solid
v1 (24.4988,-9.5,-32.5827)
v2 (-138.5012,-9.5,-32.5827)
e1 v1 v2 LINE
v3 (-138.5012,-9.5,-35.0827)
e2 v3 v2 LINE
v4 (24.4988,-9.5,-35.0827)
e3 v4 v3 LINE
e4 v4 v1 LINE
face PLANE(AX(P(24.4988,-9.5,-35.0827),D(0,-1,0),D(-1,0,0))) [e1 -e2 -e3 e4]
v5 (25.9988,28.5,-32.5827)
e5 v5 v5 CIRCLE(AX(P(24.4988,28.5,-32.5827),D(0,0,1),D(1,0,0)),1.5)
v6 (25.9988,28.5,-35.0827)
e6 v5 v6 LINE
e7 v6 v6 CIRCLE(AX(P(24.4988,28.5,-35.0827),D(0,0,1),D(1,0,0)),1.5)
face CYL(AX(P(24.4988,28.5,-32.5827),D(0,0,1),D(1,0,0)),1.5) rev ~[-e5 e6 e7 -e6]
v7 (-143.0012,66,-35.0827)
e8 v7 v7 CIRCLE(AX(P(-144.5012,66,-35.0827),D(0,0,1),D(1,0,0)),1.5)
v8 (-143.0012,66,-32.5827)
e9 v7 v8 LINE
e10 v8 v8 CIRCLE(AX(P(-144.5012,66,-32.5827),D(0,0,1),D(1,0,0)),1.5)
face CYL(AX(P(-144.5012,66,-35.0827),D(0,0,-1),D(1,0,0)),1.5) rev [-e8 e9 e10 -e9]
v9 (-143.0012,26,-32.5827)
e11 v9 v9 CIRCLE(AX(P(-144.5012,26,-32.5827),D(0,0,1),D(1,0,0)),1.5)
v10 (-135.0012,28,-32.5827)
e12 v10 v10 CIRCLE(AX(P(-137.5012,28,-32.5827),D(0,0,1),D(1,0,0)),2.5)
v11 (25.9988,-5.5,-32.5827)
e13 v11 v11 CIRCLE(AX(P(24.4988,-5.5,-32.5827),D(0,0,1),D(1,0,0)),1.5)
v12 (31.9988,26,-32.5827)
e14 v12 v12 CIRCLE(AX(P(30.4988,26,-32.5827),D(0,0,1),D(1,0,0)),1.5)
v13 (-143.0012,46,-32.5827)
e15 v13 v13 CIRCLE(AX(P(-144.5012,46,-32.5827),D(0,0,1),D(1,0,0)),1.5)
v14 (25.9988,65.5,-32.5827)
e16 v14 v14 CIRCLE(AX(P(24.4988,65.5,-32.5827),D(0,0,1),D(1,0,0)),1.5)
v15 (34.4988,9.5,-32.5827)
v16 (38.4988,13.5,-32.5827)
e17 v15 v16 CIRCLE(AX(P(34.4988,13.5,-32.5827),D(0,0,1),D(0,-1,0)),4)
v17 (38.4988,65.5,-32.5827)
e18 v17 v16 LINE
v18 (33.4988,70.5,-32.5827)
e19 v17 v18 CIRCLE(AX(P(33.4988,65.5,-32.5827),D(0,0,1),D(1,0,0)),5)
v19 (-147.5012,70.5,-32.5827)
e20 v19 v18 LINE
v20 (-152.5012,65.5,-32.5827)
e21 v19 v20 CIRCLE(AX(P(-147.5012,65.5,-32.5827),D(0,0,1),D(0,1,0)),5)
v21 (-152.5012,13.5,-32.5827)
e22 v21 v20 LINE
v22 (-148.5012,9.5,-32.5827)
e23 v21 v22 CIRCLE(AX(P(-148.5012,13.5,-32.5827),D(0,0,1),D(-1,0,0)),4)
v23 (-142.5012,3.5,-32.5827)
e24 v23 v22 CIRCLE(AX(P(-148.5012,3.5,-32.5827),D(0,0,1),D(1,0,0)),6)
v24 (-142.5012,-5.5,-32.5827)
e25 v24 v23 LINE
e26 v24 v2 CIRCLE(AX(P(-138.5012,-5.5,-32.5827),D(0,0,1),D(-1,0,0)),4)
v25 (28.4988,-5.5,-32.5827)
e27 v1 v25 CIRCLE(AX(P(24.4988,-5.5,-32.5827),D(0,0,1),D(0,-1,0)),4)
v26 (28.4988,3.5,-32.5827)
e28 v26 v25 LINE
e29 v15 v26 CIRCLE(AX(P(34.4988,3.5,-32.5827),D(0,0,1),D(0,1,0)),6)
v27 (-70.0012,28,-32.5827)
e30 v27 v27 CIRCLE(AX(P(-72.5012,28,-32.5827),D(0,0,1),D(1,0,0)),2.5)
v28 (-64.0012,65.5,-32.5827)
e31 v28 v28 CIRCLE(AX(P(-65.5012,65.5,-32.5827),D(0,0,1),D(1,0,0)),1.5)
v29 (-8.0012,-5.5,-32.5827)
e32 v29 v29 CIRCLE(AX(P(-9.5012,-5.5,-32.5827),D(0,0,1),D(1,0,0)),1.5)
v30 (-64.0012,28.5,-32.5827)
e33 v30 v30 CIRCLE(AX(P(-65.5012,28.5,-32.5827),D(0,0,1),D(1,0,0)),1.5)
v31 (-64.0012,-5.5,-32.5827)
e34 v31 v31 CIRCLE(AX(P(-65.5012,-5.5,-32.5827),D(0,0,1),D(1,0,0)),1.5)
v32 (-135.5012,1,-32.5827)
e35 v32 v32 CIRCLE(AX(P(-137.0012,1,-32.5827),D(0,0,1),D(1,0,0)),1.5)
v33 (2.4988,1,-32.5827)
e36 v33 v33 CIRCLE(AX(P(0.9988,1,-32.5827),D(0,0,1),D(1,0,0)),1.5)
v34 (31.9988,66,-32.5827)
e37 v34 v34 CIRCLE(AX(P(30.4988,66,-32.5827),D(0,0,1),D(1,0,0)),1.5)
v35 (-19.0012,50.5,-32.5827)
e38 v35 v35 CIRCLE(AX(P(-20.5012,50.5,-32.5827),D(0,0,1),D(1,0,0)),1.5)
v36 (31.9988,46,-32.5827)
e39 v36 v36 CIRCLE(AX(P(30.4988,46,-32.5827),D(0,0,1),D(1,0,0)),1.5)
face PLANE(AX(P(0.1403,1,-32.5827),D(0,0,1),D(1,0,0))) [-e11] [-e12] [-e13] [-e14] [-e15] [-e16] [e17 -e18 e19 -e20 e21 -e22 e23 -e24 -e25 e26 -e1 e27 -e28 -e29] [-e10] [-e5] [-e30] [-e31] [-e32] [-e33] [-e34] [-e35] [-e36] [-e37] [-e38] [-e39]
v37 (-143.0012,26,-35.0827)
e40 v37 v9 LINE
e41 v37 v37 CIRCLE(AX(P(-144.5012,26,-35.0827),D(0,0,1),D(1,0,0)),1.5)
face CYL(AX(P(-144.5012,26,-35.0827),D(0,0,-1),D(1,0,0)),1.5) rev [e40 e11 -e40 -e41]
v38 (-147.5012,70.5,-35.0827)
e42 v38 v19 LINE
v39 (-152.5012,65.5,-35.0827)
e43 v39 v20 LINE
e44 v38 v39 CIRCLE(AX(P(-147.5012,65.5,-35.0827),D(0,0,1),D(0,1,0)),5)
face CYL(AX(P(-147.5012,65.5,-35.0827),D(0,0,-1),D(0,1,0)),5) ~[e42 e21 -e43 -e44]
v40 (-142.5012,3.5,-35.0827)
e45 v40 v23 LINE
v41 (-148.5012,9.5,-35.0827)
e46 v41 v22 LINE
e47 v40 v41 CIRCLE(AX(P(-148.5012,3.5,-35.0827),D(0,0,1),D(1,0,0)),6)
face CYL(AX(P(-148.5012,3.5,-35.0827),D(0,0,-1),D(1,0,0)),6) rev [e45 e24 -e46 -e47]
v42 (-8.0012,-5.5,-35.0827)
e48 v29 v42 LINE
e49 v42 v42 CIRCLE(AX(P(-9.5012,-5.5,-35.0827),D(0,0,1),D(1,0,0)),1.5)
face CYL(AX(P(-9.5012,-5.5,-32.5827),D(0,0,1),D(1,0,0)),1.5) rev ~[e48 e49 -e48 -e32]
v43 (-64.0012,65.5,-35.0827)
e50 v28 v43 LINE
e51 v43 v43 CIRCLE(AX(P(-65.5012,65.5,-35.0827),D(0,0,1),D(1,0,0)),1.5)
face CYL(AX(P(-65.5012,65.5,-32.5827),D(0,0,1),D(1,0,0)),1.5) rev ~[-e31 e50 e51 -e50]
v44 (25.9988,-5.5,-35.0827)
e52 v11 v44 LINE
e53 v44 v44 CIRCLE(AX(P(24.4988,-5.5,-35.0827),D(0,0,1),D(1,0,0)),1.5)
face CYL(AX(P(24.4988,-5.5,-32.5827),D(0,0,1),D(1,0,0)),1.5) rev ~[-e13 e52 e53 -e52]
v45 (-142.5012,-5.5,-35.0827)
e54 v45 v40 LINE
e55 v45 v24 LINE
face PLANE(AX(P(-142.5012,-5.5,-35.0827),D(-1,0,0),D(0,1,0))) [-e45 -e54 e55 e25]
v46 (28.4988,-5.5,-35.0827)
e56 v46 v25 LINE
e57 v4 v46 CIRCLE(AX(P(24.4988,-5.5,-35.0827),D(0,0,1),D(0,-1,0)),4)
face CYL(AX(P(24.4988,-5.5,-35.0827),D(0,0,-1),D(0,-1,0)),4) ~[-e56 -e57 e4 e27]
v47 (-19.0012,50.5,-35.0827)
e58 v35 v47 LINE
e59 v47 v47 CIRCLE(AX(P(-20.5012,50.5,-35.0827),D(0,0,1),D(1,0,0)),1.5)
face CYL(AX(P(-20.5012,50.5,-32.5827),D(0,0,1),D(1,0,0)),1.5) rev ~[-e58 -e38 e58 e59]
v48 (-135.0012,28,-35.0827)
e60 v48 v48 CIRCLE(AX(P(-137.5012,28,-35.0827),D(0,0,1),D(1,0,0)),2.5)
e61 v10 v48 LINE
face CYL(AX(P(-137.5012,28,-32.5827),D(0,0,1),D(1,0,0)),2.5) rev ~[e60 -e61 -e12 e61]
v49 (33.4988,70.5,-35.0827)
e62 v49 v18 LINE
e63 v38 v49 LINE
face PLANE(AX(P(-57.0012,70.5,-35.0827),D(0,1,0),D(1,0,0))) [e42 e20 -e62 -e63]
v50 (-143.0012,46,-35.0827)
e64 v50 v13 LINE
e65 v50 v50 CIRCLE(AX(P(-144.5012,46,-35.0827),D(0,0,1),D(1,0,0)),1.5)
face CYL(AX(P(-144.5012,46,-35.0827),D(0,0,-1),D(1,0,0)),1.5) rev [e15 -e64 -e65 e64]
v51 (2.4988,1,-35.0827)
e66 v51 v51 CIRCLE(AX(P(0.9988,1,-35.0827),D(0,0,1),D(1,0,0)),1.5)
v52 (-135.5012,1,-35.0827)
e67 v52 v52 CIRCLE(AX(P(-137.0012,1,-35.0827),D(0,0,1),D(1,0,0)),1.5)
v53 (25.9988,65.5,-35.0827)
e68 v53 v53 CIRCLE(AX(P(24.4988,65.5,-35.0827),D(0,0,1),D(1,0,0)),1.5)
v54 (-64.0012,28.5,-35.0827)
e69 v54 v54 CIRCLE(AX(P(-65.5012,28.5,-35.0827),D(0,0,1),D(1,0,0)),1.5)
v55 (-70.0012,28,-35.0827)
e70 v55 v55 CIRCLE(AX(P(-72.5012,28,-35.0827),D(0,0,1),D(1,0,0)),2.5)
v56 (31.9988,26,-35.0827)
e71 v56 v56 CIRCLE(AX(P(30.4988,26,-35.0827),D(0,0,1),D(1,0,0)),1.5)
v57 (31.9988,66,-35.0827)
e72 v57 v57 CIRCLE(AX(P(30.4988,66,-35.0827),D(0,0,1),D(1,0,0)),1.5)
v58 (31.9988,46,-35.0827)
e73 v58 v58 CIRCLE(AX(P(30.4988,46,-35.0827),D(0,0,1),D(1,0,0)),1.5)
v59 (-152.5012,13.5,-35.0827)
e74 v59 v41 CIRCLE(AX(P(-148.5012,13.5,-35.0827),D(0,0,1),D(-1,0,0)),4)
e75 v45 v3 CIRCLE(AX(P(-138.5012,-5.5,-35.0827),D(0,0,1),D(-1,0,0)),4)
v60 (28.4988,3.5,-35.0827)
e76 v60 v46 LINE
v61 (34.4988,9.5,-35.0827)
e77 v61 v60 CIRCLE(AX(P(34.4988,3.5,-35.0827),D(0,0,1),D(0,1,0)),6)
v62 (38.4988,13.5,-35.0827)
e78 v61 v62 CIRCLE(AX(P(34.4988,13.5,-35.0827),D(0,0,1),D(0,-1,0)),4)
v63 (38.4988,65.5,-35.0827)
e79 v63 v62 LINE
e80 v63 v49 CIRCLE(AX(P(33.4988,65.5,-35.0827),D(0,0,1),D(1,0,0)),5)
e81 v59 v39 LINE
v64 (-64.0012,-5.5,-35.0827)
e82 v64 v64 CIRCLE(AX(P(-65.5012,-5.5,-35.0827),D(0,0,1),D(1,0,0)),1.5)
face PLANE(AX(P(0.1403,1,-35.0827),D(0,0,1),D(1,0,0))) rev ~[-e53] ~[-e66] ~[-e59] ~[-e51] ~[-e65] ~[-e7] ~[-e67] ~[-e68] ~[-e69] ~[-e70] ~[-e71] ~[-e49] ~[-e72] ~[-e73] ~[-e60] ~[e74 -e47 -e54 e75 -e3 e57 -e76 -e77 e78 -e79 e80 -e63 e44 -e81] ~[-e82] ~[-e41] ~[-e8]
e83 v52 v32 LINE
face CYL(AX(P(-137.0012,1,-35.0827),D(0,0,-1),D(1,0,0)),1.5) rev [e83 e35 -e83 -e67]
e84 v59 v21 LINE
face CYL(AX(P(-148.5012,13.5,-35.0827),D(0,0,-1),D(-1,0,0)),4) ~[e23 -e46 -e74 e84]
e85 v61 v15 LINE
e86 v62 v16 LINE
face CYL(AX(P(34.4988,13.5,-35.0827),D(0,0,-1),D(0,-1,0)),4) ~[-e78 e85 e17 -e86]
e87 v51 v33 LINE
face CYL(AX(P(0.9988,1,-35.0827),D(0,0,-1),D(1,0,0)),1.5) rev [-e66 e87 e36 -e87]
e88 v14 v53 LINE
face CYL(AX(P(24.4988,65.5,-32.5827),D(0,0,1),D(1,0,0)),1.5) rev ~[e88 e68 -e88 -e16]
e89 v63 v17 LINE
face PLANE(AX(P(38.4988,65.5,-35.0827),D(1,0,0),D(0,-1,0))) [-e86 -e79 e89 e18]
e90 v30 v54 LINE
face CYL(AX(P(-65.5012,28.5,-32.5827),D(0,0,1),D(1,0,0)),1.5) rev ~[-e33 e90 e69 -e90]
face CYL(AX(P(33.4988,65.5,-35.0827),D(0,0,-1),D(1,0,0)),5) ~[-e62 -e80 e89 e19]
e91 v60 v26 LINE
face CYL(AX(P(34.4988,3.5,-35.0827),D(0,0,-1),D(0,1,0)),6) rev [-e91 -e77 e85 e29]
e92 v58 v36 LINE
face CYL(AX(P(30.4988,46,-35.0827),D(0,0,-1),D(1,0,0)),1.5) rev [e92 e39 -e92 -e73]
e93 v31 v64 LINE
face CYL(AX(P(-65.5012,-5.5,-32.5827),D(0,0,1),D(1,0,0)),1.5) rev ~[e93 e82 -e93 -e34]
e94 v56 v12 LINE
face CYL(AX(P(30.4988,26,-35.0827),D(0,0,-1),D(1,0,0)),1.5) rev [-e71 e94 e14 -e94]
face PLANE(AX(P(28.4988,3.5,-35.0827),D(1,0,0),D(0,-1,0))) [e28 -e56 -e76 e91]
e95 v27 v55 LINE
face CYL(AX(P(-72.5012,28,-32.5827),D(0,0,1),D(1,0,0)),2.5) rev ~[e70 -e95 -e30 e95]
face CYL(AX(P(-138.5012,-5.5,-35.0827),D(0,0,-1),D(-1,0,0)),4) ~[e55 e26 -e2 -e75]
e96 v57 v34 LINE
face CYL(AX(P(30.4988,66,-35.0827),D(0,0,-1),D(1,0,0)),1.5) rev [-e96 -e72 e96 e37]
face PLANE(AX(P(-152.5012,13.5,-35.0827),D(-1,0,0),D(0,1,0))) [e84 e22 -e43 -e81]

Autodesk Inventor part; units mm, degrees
ref_plane "YZ Plane" through (0, 0, 0) normal (1, 0, 0) x (0, 1, 0)
ref_plane "XZ Plane" through (0, 0, 0) normal (0, 1, 0) x (-1, 0, 0)
ref_plane "XY Plane" through (0, 0, 0) normal (0, 0, 1) x (1, 0, 0)
ref_plane "Work Plane1" through (0, 0, 2.5) normal (0, 0, 1) x (1, 0, 0)
ref_plane "Work Plane2" through (0.1403, 1, -35.0827) normal (0, 0, 1) x (1, 0, 0)
sketch "Sketch3" plane through (0.1403, 1, -35.0827) normal (0, 0, 1) x (1, 0, 0)
  circle A0 centre (30.3585, 25) radius 1.5 projected
  circle A1 centre (30.3585, 45) radius 1.5 projected
  circle A2 centre (22.8585, 0) radius 1.5 projected
  circle A3 centre (-144.6415, 25) radius 1.5 projected
  circle A4 centre (-137.1415, 0) radius 1.5 projected
  circle A5 centre (-144.6415, 45) radius 1.5 projected
  circle A6 centre (-137.1415, 90) radius 1.5 projected
  circle A7 centre (-144.6415, 65) radius 1.5 projected
  circle A8 centre (0.8585, 0) radius 1.5 projected
  circle A9 centre (30.3585, 65) radius 1.5 projected
  circle A10 centre (22.8585, 90) radius 1.5 projected
  arc A11 (-148.6415, 82.5) -> (-153.6415, 77.5) centre (-148.6415, 77.5) ccw projected
  line L0 (-153.6415, 77.5) -> (-153.6415, 12.5) projected
  arc A12 (-153.6415, 12.5) -> (-148.6415, 7.5) centre (-148.6415, 12.5) ccw projected
  arc A13 (-143.6415, 2.5) -> (-148.6415, 7.5) centre (-148.6415, 2.5) ccw projected
  line L1 (-143.6415, 2.5) -> (-143.6415, -6.5) projected
  arc A14 (-143.6415, -6.5) -> (-138.6415, -11.5) centre (-138.6415, -6.5) ccw projected
  line L2 (-138.6415, -11.5) -> (24.3585, -11.5) projected
  arc A15 (24.3585, -11.5) -> (29.3585, -6.5) centre (24.3585, -6.5) ccw projected
  line L3 (29.3585, -6.5) -> (29.3585, 2.5) projected
  arc A16 (34.3585, 7.5) -> (29.3585, 2.5) centre (34.3585, 2.5) ccw projected
  arc A17 (34.3585, 7.5) -> (39.3585, 12.5) centre (34.3585, 12.5) ccw projected
  line L4 (39.3585, 12.5) -> (39.3585, 77.5) projected
  arc A18 (39.3585, 77.5) -> (34.3585, 82.5) centre (34.3585, 77.5) ccw projected
  arc A19 (29.3585, 87.5) -> (34.3585, 82.5) centre (34.3585, 87.5) ccw projected
  line L5 (29.3585, 87.5) -> (29.3585, 96.5) projected
  arc A20 (29.3585, 96.5) -> (24.3585, 101.5) centre (24.3585, 96.5) ccw projected
  line L6 (24.3585, 101.5) -> (-138.6415, 101.5) projected
  arc A21 (-138.6415, 101.5) -> (-143.6415, 96.5) centre (-138.6415, 96.5) ccw projected
  line L7 (-143.6415, 96.5) -> (-143.6415, 87.5) projected
  arc A22 (-148.6415, 82.5) -> (-143.6415, 87.5) centre (-148.6415, 87.5) ccw projected
  arc A23 (36.857, 12.4115) -> (36.8585, 12.5) centre (34.3585, 12.5) ccw
  line L8 (-152.6415, 8.382) -> (-152.6415, 9.5)
  line L9 (-95.0914, -11.5) -> (-95.0914, 101.5)
  arc A24 (37.5224, 9.3) -> (37.8585, 9.6716) centre (34.3585, 12.5) ccw
  line L10 (-152.6415, 12.5) -> (-152.6415, 64.5)
  line L11 (38.3585, 64.5) -> (38.3585, 12.5)
  arc A25 (34.3585, 8.5) -> (38.3585, 12.5) centre (34.3585, 12.5) ccw
  arc A26 (34.3585, 8.5) -> (28.3585, 2.5) centre (34.3585, 2.5) ccw
  line L12 (28.3585, 2.5) -> (28.3585, -6.5)
  arc A27 (24.3585, -10.5) -> (28.3585, -6.5) centre (24.3585, -6.5) ccw
  line L13 (24.3585, -10.5) -> (-138.6415, -10.5)
  arc A28 (-142.6415, -6.5) -> (-138.6415, -10.5) centre (-138.6415, -6.5) ccw
  line L14 (-142.6415, -6.5) -> (-142.6415, 2.5)
  arc A29 (-142.6415, 2.5) -> (-148.6415, 8.5) centre (-148.6415, 2.5) ccw
  arc A30 (-152.6415, 12.5) -> (-148.6415, 8.5) centre (-148.6415, 12.5) ccw
  line L15 (-57.1415, -10.5) -> (-57.1415, 69.5)
  line L16 (-57.1415, 69.5) -> (33.3585, 69.5)
  line L17 (-57.1415, 69.5) -> (-147.6415, 69.5)
  arc A31 (38.3585, 64.5) -> (33.3585, 69.5) centre (33.3585, 64.5) ccw
  arc A32 (-147.6415, 69.5) -> (-152.6415, 64.5) centre (-147.6415, 64.5) ccw
  point P0 (-0.1403, -1)
  point P1 (-151.6415, 9.5)
  point P2 (-152.6415, 69.5)
  dimension "d26" = 1
  dimension "d32" = 1
  dimension "d33" = 80
  dimension "d35" = 5
extrude "Extrusion3" add sketch "Sketch3" along normal blind 2.5 contours A2 | L17 L15 L13 L9 | L9 L13 A28 L14 A29 A30 L10 A32 L17 | L16 A31 L11 A25 A26 L12 A27 L13 L15
sketch "Sketch5" plane through (0.1403, 1, -32.5827) normal (0, 0, 1) x (1, 0, 0)
  circle A0 centre (-137.6415, 27) radius 2.5 projected
  circle A1 centre (-72.6415, 27) radius 2.5 projected
  circle A2 centre (-144.6415, 65) radius 1.5 projected
  circle A3 centre (-144.6415, 45) radius 1.5 projected
  circle A4 centre (-144.6415, 25) radius 1.5 projected
  circle A5 centre (30.3585, 65) radius 1.5 projected
  circle A6 centre (0.8585, 0) radius 1.5 projected
  circle A7 centre (30.3585, 45) radius 1.5 projected
  circle A8 centre (30.3585, 25) radius 1.5 projected
  circle A9 centre (24.3585, -6.5) radius 1.5 projected
  circle A10 centre (-9.6415, -6.5) radius 1.5 projected
  circle A11 centre (24.3585, 27.5) radius 1.5 projected
  circle A12 centre (-65.6415, 27.5) radius 1.5 projected
  circle A13 centre (-65.6415, -6.5) radius 1.5 projected
  circle A14 centre (-65.6415, 64.5) radius 1.5 projected
  circle A15 centre (-20.6415, 49.5) radius 1.5 projected
  circle A16 centre (24.3585, 64.5) radius 1.5 projected
  point P0 (-0.1403, -1)
extrude "Extrusion6" cut sketch "Sketch5" against normal blind 10 contours A0 | A1 | A9 | A10 | A11 | A12 | A13 | A14 | A15 | A16
properties part number "bakplate"
